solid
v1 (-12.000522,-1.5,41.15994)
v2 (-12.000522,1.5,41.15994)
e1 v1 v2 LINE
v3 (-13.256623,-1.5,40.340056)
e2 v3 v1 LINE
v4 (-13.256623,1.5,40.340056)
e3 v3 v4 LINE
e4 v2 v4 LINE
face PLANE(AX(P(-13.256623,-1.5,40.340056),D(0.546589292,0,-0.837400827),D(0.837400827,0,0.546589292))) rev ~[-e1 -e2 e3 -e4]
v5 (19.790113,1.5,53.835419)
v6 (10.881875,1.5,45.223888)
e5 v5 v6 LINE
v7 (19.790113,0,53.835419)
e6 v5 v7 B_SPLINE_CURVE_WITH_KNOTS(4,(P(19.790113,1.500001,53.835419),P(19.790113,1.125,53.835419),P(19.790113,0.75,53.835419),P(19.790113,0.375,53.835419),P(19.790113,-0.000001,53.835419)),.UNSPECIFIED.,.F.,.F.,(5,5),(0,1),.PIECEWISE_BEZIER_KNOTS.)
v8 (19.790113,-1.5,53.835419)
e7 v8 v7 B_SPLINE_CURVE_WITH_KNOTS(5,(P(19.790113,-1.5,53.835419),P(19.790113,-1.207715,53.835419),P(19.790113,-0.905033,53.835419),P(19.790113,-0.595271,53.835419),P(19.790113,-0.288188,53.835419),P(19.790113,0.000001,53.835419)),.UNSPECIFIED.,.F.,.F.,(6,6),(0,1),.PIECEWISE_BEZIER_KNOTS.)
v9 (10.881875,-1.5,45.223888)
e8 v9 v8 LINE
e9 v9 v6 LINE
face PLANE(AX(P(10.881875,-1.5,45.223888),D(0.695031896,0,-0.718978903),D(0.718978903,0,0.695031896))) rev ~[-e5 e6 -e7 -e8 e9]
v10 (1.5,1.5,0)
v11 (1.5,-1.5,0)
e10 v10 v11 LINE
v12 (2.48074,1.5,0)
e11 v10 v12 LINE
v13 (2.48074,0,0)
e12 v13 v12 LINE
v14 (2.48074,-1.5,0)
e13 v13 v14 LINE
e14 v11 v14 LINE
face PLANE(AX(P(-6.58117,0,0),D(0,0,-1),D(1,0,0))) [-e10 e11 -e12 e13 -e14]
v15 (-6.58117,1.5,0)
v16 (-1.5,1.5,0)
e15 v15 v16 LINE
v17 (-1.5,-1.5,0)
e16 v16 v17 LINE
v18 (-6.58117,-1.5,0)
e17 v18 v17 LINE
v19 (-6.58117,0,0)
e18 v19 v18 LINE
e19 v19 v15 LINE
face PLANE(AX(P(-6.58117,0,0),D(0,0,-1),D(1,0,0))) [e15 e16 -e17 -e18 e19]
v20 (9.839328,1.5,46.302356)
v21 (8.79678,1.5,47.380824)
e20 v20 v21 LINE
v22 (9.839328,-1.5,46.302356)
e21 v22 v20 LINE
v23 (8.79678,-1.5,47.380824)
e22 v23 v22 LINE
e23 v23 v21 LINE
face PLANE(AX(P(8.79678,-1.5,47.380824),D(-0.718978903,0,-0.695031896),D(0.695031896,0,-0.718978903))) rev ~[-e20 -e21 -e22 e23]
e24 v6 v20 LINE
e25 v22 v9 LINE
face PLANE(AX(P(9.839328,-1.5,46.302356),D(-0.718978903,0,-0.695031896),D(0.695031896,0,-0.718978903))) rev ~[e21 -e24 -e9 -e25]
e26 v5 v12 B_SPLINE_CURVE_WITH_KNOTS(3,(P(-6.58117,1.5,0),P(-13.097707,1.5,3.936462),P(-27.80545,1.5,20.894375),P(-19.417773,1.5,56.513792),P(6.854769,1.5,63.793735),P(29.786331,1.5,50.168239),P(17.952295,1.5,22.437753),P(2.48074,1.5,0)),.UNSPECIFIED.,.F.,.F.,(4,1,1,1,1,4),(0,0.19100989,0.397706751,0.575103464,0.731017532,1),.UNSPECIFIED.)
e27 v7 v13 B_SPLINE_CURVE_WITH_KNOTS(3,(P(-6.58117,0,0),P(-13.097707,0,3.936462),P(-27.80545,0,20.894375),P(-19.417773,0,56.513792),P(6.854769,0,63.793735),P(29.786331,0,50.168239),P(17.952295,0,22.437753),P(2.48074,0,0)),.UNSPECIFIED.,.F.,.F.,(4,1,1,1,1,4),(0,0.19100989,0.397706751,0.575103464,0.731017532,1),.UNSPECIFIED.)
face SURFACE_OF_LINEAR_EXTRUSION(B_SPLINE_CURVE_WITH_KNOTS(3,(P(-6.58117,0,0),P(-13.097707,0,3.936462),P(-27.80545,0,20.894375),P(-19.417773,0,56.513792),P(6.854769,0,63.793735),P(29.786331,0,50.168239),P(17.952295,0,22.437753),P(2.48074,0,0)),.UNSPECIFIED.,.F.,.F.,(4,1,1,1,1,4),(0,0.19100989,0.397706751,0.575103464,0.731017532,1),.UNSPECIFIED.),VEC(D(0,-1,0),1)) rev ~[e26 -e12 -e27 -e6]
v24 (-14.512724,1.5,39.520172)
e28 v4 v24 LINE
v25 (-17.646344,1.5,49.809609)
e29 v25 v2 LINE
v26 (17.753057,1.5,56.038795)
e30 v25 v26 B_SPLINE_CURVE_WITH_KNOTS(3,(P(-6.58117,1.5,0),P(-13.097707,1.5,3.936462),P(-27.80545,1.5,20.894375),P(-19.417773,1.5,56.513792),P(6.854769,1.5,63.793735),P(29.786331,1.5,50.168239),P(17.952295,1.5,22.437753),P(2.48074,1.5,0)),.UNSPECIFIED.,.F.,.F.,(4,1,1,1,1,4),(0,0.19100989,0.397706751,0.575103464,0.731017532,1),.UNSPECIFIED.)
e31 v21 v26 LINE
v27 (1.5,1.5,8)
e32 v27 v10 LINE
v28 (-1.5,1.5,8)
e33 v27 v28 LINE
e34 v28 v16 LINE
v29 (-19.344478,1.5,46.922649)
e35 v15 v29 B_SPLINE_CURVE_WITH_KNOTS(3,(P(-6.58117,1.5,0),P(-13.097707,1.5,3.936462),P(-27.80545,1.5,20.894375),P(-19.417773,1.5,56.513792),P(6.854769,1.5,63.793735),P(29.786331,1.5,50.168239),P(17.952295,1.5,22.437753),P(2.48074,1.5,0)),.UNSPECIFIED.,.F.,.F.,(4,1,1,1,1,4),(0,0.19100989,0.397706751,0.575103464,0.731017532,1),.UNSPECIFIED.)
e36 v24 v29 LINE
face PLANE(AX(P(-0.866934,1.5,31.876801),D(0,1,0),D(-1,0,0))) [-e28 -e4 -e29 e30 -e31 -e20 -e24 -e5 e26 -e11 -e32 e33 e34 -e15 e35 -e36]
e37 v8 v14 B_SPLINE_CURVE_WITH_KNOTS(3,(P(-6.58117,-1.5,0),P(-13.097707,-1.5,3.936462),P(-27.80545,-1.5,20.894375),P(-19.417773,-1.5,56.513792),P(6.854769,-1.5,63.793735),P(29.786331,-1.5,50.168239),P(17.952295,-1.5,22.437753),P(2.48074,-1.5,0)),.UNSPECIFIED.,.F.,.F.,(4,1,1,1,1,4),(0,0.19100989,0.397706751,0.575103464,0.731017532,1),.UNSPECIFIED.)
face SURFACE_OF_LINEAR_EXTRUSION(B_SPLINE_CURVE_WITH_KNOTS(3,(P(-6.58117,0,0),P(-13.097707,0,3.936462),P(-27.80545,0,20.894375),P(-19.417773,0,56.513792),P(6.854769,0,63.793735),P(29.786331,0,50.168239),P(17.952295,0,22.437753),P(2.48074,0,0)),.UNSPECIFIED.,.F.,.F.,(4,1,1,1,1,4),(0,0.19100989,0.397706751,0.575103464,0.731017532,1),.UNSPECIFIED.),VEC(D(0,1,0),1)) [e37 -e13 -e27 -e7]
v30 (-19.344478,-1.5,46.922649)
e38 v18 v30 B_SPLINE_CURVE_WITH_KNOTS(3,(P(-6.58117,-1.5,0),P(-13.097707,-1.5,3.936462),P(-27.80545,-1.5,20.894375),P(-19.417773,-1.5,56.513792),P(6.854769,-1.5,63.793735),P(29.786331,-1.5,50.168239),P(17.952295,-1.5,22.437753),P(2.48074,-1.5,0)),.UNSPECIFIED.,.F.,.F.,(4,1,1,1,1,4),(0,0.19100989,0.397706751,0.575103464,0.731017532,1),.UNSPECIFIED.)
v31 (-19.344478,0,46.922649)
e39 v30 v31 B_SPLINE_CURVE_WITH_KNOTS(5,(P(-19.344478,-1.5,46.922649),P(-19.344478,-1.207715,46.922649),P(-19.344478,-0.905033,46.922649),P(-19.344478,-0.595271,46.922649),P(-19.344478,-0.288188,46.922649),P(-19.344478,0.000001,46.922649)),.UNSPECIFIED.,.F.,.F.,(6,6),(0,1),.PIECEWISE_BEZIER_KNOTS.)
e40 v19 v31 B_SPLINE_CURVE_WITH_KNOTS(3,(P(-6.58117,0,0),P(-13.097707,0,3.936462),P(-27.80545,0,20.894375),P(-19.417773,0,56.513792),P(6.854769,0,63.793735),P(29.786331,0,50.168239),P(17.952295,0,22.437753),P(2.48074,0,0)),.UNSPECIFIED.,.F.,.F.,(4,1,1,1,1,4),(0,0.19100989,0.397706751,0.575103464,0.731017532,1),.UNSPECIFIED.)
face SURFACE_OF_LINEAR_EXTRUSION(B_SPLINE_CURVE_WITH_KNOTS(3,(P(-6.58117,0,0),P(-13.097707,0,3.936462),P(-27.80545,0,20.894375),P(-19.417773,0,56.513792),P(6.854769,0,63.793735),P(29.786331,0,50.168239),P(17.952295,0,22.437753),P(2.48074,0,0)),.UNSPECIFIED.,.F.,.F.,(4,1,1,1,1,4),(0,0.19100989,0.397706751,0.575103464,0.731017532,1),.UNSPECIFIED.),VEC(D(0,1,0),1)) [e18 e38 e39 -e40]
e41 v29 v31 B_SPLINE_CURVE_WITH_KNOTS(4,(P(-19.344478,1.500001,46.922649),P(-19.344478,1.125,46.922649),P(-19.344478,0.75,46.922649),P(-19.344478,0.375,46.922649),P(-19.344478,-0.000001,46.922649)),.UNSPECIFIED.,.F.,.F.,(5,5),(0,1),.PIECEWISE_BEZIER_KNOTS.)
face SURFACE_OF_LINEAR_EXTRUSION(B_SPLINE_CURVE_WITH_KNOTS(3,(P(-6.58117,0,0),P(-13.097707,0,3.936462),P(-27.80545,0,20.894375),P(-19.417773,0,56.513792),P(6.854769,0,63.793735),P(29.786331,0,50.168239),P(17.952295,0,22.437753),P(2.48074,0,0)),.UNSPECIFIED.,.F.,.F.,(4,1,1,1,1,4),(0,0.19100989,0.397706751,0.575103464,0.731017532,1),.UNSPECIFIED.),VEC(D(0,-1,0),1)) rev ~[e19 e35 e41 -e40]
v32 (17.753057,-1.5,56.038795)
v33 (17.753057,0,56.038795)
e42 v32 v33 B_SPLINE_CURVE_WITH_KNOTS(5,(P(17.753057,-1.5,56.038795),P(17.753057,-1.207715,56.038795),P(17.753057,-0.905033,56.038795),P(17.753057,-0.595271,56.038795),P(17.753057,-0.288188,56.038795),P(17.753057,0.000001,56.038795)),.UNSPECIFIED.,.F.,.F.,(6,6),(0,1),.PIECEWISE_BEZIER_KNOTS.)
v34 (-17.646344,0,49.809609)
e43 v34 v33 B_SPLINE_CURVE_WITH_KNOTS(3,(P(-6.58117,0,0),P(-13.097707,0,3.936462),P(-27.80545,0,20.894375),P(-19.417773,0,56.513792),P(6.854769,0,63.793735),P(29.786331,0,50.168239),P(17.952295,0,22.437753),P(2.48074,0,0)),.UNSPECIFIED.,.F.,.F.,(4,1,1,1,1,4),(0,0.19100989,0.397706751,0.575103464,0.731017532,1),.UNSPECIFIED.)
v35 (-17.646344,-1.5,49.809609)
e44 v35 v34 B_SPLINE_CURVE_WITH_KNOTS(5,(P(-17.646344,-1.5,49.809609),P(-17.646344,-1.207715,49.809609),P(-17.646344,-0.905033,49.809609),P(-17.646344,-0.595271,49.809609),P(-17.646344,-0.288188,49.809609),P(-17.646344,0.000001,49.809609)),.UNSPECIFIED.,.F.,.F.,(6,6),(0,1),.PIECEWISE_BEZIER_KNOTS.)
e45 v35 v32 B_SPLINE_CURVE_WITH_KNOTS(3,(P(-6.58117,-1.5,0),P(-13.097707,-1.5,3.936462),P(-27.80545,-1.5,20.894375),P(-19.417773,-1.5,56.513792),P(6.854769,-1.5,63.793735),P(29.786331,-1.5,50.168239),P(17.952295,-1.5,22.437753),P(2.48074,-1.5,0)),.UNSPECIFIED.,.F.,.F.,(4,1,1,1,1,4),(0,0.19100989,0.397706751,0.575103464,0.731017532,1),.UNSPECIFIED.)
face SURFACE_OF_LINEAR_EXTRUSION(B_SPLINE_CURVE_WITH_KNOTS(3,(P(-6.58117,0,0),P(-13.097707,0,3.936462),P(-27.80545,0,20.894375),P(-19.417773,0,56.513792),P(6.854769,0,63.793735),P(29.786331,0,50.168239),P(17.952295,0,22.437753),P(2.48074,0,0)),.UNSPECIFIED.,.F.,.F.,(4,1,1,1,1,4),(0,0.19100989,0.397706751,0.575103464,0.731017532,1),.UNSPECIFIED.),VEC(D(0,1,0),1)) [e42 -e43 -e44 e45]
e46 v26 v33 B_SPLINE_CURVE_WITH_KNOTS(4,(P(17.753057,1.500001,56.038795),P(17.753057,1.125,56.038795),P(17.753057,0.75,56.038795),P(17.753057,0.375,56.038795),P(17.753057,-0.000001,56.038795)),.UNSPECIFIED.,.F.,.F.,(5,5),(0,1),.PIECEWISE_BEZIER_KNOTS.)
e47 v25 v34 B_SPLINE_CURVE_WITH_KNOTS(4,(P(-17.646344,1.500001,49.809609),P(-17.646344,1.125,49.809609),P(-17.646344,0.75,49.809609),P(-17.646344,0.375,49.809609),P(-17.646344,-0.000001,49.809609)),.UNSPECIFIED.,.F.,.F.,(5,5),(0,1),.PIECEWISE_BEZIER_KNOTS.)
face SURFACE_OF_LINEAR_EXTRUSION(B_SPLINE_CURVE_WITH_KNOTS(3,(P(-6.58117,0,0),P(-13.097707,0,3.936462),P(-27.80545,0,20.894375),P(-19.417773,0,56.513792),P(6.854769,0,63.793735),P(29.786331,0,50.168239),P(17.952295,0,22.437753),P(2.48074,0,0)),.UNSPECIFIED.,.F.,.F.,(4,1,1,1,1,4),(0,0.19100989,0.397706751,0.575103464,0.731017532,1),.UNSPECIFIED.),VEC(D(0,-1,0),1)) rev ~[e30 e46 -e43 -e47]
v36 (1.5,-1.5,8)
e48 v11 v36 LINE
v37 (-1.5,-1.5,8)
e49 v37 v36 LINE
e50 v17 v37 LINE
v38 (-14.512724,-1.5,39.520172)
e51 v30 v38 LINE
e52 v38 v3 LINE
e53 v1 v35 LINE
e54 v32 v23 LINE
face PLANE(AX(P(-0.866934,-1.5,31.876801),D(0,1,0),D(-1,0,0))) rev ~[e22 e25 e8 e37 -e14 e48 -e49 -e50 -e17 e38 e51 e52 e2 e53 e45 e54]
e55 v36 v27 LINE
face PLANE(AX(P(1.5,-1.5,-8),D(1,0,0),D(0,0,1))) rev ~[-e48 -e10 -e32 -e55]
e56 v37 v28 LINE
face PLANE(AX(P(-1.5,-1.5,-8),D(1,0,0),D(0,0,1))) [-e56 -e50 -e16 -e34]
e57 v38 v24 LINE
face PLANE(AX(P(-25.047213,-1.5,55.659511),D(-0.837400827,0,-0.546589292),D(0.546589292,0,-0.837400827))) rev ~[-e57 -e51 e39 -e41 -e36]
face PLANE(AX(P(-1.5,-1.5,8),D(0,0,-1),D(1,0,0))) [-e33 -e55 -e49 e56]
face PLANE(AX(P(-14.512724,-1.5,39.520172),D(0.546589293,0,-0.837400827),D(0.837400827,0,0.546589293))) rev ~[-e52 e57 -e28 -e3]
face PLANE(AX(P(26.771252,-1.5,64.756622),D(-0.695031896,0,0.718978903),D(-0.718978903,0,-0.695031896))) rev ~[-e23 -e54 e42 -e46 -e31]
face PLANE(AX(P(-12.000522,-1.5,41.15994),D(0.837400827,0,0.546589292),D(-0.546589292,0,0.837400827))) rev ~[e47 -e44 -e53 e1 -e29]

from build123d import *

# Parameters (mm, degrees)
F2_DEPTH = 1.5
F3_W     = 3
F3_H     = 16
F4_DEPTH = 25


with BuildPart() as f2:
    # F1 (on Front) → F2 (new body, symmetric)
    with BuildSketch(Plane.XZ):
        with BuildLine():
            add(Edge.make_bspline(
                [(-6.5811700188, 0), (-13.0977069694, 3.9364622169), (-27.8054503735, 20.8943752102), (-19.4177727212, 56.5137920169), (6.8547689493, 63.7937351975), (29.7863310593, 50.168239492), (17.9522950202, 22.4377531558), (2.4807401933, 0)],
                knots=[0, 0, 0, 0, 0.1910098898, 0.3977067511, 0.5751034644, 0.7310175316, 1, 1, 1, 1], degree=3))
            Line((-6.5811700188, 0), (2.4807401933, 0))
        make_face()
    extrude(amount=F2_DEPTH, both=True)

    # F3 (on face) → F4 (cut)
    with BuildSketch(Plane.XZ.offset(1.5)):
        Polygon((-23.7911120408, 56.4793949344), (-25.0472132816, 55.6595109956), (-14.5127240636, 39.5201718132), (-13.2566228228, 40.340055752), (-12.0005215821, 41.1599396907), (-22.5350108001, 57.2992788731), align=None)
        Polygon((9.8393275162, 46.3023560938), (10.8818753603, 45.2238877389), (28.8563479428, 62.5996851417), (27.8138000986, 63.6781534966), (26.7712522544, 64.7566218516), (8.796779672, 47.3808244488), align=None)
        Rectangle(F3_W, F3_H)
    extrude(amount=-F4_DEPTH, mode=Mode.SUBTRACT)


solid = f2.part
